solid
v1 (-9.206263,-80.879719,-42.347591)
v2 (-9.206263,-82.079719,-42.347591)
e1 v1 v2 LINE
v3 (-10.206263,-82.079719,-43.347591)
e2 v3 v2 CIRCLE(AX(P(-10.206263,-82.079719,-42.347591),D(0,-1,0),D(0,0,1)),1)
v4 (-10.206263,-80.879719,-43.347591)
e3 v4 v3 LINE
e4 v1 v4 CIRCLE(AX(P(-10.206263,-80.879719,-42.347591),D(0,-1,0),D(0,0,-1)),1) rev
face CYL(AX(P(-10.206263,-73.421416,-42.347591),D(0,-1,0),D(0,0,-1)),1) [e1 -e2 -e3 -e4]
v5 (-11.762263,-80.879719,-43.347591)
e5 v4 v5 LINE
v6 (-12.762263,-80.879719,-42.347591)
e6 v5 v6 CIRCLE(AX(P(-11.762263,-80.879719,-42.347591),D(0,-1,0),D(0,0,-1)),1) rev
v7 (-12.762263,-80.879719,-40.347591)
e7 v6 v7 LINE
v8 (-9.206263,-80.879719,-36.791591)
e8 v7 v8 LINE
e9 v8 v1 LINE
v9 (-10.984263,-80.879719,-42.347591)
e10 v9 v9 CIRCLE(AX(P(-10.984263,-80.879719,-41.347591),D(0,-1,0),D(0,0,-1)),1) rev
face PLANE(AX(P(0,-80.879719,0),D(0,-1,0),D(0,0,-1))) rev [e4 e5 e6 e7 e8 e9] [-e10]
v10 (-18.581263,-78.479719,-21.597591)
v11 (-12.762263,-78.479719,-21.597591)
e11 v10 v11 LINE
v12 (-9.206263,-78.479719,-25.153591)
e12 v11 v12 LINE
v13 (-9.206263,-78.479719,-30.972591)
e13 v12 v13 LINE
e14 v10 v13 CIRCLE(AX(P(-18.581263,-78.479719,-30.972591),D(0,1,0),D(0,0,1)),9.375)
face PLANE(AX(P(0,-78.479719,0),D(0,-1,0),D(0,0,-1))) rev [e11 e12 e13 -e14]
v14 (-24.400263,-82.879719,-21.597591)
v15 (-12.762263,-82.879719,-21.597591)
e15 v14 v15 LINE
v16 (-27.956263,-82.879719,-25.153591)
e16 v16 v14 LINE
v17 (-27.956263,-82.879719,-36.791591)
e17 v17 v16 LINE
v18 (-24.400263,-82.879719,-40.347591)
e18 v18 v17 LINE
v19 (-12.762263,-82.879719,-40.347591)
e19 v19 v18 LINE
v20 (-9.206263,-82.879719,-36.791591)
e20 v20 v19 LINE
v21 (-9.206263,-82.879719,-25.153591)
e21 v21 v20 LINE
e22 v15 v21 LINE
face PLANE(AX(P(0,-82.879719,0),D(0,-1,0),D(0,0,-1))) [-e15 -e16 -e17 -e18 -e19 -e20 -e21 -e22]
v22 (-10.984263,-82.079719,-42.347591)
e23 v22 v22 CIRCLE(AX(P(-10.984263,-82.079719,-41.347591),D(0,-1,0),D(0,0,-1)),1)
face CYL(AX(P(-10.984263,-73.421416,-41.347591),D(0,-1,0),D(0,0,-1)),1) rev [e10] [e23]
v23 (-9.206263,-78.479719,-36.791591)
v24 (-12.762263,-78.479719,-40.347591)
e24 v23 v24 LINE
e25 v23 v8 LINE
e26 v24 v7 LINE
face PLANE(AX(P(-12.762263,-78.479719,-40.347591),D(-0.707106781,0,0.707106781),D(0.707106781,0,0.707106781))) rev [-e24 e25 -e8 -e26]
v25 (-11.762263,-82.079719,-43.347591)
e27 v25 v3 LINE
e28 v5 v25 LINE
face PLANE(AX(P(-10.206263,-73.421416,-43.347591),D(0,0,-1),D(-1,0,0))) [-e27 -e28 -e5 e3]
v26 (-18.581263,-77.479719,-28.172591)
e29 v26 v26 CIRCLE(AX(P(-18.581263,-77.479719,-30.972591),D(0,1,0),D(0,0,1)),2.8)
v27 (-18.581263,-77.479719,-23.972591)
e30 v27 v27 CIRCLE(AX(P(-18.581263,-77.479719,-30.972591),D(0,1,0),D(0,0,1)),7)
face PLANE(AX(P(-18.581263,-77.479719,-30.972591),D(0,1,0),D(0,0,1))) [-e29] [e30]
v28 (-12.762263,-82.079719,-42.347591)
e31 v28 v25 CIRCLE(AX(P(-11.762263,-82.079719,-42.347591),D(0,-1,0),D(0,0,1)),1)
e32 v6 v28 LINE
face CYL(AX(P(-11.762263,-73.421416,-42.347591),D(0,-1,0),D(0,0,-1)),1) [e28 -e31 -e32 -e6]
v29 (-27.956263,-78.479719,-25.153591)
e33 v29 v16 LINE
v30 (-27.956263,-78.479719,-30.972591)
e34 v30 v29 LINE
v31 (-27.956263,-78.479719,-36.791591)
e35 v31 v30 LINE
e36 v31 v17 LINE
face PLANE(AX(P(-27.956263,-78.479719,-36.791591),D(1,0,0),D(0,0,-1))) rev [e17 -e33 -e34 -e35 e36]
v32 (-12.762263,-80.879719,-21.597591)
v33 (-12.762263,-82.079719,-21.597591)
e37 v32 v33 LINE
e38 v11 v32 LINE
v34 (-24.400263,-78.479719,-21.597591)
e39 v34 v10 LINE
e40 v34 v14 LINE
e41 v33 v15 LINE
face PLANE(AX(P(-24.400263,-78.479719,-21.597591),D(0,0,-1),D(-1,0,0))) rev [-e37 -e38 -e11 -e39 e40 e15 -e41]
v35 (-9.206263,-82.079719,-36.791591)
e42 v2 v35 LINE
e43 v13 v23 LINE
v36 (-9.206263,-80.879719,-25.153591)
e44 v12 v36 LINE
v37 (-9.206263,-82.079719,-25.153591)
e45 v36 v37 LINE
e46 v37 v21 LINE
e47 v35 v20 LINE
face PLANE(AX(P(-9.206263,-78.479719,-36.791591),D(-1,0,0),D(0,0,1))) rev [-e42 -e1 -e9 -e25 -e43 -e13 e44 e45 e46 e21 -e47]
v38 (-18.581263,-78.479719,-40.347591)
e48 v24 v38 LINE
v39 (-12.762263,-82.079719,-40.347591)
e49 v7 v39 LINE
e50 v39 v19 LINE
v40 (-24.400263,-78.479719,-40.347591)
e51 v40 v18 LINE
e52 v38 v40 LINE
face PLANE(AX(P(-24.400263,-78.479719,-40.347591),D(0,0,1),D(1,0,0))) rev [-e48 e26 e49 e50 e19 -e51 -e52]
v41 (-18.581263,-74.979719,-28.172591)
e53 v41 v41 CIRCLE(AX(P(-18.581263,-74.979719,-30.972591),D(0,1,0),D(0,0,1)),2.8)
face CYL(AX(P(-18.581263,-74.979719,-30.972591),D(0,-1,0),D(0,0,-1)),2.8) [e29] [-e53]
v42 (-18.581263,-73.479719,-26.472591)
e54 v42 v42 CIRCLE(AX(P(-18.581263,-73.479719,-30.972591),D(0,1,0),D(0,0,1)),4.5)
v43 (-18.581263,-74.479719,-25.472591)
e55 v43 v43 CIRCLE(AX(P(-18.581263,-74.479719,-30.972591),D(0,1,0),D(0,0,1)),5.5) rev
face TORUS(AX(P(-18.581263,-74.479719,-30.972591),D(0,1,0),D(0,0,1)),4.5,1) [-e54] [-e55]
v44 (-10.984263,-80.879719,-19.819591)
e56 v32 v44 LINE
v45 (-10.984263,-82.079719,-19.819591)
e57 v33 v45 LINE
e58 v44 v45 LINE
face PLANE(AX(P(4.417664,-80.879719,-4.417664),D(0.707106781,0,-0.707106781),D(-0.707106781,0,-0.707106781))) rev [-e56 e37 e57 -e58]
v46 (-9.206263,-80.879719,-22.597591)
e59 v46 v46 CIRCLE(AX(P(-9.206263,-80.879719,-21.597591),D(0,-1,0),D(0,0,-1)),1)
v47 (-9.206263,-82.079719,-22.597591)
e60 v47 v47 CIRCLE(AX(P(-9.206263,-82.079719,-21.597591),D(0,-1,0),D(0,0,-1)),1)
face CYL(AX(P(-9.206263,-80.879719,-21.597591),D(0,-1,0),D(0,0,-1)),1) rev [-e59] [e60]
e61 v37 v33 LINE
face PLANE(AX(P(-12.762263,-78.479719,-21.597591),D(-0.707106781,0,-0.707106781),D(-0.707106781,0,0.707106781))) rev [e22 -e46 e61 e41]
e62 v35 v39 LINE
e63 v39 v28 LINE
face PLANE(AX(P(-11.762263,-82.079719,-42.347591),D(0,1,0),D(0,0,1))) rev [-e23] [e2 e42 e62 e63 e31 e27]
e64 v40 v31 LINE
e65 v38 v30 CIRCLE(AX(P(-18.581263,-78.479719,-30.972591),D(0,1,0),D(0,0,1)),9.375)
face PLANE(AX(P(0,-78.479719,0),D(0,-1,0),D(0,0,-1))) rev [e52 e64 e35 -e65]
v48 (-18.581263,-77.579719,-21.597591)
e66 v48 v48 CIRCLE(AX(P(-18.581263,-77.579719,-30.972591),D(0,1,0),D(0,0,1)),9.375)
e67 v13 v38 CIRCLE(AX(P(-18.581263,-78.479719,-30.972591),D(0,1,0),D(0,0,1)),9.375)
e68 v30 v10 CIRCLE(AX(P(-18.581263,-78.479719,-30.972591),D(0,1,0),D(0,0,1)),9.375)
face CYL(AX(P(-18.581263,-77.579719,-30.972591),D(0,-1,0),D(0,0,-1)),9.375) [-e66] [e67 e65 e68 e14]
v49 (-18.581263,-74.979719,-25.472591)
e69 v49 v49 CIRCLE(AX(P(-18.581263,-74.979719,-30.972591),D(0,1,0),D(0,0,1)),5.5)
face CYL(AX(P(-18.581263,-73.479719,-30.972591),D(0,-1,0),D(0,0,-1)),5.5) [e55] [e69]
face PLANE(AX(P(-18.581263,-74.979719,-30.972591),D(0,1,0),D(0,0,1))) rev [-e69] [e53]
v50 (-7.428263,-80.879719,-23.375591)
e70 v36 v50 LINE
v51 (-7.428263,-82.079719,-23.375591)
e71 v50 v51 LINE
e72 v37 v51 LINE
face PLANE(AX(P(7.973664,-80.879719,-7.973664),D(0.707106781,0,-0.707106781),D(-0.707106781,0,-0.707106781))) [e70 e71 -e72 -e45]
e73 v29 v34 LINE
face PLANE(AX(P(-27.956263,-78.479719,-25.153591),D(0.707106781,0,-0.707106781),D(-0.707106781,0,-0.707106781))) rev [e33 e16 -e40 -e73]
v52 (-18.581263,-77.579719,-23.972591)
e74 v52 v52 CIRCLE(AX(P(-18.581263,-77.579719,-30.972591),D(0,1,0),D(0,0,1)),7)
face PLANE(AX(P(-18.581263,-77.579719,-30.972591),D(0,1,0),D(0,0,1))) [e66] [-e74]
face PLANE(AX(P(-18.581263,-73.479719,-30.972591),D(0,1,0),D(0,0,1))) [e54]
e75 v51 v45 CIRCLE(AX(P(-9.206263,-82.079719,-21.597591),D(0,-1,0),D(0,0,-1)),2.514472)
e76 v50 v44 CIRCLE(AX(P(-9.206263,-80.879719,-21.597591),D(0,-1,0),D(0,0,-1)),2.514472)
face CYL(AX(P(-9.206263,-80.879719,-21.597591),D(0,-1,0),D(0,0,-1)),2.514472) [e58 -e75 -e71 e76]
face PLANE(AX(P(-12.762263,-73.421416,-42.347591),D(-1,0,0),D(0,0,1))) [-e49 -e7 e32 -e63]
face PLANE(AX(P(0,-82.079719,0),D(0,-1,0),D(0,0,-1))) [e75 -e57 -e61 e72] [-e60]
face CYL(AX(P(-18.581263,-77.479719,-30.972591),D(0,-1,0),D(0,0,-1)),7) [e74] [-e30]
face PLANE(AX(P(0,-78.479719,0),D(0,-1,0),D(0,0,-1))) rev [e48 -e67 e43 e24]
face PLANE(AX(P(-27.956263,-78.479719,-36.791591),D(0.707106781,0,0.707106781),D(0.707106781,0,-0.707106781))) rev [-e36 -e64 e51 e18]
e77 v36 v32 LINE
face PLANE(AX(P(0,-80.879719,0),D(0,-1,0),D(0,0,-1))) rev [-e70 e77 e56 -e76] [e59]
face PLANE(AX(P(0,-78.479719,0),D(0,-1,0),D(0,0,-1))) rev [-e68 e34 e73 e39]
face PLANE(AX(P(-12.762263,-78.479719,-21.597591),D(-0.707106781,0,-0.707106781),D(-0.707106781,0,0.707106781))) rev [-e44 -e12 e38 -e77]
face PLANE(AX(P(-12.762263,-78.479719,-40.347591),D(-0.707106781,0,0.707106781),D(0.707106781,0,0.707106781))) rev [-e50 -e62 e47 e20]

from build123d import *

# Parameters (mm, degrees)
BOSS_EXTRUDE1_DEPTH = 4.4
SKETCH2_R           = 9.375
BOSS_EXTRUDE2_DEPTH = 0.9
SKETCH3_R           = 7
BOSS_EXTRUDE3_DEPTH = 0.1
SKETCH4_R           = 2.8
BOSS_EXTRUDE4_DEPTH = 2.5
SKETCH5_R           = 5.5
BOSS_EXTRUDE5_DEPTH = 1.5
FILLET1_R           = 1
BOSS_EXTRUDE6_START = -0.8
BOSS_EXTRUDE6_DEPTH = 1.2
SKETCH7_R           = 1
BOSS_EXTRUDE7_DEPTH = 1.2


with BuildPart() as part:
    # Sketch1 → Boss-Extrude1 (new body)
    with BuildSketch(Plane(origin=(-40.787368979, -82.87971859, -2.365032328), x_dir=(1, 0, 0), z_dir=(0, 1, 0))):
        Polygon((28.025105958, 37.98255848), (31.581105958, 34.42655848), (31.581105958, 22.78855848), (28.025105958, 19.23255848), (16.387105958, 19.23255848), (12.831105958, 22.78855848), (12.831105958, 34.42655848), (16.387105958, 37.98255848), align=None)
    extrude(amount=BOSS_EXTRUDE1_DEPTH)

    # Sketch2 → Boss-Extrude2 (add)
    with BuildSketch(Plane(origin=(0, -78.47971859, 0), x_dir=(1, 0, 0), z_dir=(0, 1, 0))):
        with Locations(Location((-18.581263021, 30.972590809, 0), (0, 0, 270))):
            Circle(SKETCH2_R)
    extrude(amount=BOSS_EXTRUDE2_DEPTH)

    # Sketch3 → Boss-Extrude3 (add)
    with BuildSketch(Plane(origin=(0, -77.57971859, 0), x_dir=(1, 0, 0), z_dir=(0, 1, 0))):
        with Locations(Location((-18.581263021, 30.972590809, 0), (0, 0, 270))):
            Circle(SKETCH3_R)
    extrude(amount=BOSS_EXTRUDE3_DEPTH)

    # Sketch4 → Boss-Extrude4 (add)
    with BuildSketch(Plane(origin=(0, -77.47971859, 0), x_dir=(1, 0, 0), z_dir=(0, 1, 0))):
        with Locations(Location((-18.581263021, 30.972590809, 0), (0, 0, 270))):
            Circle(SKETCH4_R)
    extrude(amount=BOSS_EXTRUDE4_DEPTH)

    # Sketch5 → Boss-Extrude5 (add)
    with BuildSketch(Plane(origin=(0, -74.97971859, 0), x_dir=(1, 0, 0), z_dir=(0, 1, 0))):
        with Locations(Location((-18.581263021, 30.972590809, 0), (0, 0, 270))):
            Circle(SKETCH5_R)
    extrude(amount=BOSS_EXTRUDE5_DEPTH)

    # Fillet1
    fillet1_edges = [part.edges().sort_by_distance(p)[0] for p in [
        (-18.581263021, -73.47971859, -36.472590809),
    ]]
    fillet(fillet1_edges, radius=FILLET1_R)

    # Sketch6 → Boss-Extrude6 (add)
    with BuildSketch(Plane.XZ.offset(82.87971859).offset(BOSS_EXTRUDE6_START)):
        with BuildLine():
            ThreePointArc((-6.691791307, -21.597590809), (-8.244016355, -19.274521857), (-10.984263021, -19.819590809))
            Line((-10.984263021, -19.819590809), (-9.913369802, -20.890484027))
            ThreePointArc((-9.913369802, -20.890484027), (-8.823579589, -20.673711276), (-8.206263021, -21.597590809))
            ThreePointArc((-8.206263021, -21.597590809), (-8.282383489, -21.980274241), (-8.49915624, -22.30469759))
            Line((-8.49915624, -22.30469759), (-7.428263021, -23.375590809))
            ThreePointArc((-7.428263021, -23.375590809), (-6.88319407, -22.559837475), (-6.691791307, -21.597590809))
        make_face()
        with BuildLine():
            Line((-9.913369802, -20.890484027), (-10.984263021, -19.819590809))
            ThreePointArc((-10.984263021, -19.819590809), (-11.720734735, -21.597590809), (-10.984263021, -23.375590809))
            ThreePointArc((-10.984263021, -23.375590809), (-9.206263021, -24.112062522), (-7.428263021, -23.375590809))
            Line((-7.428263021, -23.375590809), (-8.49915624, -22.30469759))
            ThreePointArc((-8.49915624, -22.30469759), (-9.913369802, -22.30469759), (-9.913369802, -20.890484027))
        make_face()
        with BuildLine():
            Line((-10.984263021, -19.819590809), (-12.762263021, -21.597590809))
            Line((-12.762263021, -21.597590809), (-10.984263021, -23.375590809))
            ThreePointArc((-10.984263021, -23.375590809), (-11.720734735, -21.597590809), (-10.984263021, -19.819590809))
        make_face()
        with BuildLine():
            ThreePointArc((-7.428263021, -23.375590809), (-9.206263021, -24.112062522), (-10.984263021, -23.375590809))
            Line((-10.984263021, -23.375590809), (-9.206263021, -25.153590809))
            Line((-9.206263021, -25.153590809), (-7.428263021, -23.375590809))
        make_face()
    extrude(amount=-BOSS_EXTRUDE6_DEPTH)

    # Sketch7 → Boss-Extrude7 (add)
    with BuildSketch(Plane.XZ.offset(82.07971859)):
        with BuildLine():
            Line((-9.206263021, -36.791590809), (-9.206263021, -42.347590809))
            ThreePointArc((-9.206263021, -42.347590809), (-9.49915624, -43.05469759), (-10.206263021, -43.347590809))
            Line((-10.206263021, -43.347590809), (-11.762263021, -43.347590809))
            ThreePointArc((-11.762263021, -43.347590809), (-12.469369802, -43.05469759), (-12.762263021, -42.347590809))
            Line((-12.762263021, -42.347590809), (-12.762263021, -40.347590809))
            Line((-12.762263021, -40.347590809), (-9.206263021, -36.791590809))
        make_face()
        with Locations(Location((-10.984263021, -41.347590809, 0), (0, 0, 270))):
            Circle(SKETCH7_R, mode=Mode.SUBTRACT)
    extrude(amount=-BOSS_EXTRUDE7_DEPTH)


solid = part.part
